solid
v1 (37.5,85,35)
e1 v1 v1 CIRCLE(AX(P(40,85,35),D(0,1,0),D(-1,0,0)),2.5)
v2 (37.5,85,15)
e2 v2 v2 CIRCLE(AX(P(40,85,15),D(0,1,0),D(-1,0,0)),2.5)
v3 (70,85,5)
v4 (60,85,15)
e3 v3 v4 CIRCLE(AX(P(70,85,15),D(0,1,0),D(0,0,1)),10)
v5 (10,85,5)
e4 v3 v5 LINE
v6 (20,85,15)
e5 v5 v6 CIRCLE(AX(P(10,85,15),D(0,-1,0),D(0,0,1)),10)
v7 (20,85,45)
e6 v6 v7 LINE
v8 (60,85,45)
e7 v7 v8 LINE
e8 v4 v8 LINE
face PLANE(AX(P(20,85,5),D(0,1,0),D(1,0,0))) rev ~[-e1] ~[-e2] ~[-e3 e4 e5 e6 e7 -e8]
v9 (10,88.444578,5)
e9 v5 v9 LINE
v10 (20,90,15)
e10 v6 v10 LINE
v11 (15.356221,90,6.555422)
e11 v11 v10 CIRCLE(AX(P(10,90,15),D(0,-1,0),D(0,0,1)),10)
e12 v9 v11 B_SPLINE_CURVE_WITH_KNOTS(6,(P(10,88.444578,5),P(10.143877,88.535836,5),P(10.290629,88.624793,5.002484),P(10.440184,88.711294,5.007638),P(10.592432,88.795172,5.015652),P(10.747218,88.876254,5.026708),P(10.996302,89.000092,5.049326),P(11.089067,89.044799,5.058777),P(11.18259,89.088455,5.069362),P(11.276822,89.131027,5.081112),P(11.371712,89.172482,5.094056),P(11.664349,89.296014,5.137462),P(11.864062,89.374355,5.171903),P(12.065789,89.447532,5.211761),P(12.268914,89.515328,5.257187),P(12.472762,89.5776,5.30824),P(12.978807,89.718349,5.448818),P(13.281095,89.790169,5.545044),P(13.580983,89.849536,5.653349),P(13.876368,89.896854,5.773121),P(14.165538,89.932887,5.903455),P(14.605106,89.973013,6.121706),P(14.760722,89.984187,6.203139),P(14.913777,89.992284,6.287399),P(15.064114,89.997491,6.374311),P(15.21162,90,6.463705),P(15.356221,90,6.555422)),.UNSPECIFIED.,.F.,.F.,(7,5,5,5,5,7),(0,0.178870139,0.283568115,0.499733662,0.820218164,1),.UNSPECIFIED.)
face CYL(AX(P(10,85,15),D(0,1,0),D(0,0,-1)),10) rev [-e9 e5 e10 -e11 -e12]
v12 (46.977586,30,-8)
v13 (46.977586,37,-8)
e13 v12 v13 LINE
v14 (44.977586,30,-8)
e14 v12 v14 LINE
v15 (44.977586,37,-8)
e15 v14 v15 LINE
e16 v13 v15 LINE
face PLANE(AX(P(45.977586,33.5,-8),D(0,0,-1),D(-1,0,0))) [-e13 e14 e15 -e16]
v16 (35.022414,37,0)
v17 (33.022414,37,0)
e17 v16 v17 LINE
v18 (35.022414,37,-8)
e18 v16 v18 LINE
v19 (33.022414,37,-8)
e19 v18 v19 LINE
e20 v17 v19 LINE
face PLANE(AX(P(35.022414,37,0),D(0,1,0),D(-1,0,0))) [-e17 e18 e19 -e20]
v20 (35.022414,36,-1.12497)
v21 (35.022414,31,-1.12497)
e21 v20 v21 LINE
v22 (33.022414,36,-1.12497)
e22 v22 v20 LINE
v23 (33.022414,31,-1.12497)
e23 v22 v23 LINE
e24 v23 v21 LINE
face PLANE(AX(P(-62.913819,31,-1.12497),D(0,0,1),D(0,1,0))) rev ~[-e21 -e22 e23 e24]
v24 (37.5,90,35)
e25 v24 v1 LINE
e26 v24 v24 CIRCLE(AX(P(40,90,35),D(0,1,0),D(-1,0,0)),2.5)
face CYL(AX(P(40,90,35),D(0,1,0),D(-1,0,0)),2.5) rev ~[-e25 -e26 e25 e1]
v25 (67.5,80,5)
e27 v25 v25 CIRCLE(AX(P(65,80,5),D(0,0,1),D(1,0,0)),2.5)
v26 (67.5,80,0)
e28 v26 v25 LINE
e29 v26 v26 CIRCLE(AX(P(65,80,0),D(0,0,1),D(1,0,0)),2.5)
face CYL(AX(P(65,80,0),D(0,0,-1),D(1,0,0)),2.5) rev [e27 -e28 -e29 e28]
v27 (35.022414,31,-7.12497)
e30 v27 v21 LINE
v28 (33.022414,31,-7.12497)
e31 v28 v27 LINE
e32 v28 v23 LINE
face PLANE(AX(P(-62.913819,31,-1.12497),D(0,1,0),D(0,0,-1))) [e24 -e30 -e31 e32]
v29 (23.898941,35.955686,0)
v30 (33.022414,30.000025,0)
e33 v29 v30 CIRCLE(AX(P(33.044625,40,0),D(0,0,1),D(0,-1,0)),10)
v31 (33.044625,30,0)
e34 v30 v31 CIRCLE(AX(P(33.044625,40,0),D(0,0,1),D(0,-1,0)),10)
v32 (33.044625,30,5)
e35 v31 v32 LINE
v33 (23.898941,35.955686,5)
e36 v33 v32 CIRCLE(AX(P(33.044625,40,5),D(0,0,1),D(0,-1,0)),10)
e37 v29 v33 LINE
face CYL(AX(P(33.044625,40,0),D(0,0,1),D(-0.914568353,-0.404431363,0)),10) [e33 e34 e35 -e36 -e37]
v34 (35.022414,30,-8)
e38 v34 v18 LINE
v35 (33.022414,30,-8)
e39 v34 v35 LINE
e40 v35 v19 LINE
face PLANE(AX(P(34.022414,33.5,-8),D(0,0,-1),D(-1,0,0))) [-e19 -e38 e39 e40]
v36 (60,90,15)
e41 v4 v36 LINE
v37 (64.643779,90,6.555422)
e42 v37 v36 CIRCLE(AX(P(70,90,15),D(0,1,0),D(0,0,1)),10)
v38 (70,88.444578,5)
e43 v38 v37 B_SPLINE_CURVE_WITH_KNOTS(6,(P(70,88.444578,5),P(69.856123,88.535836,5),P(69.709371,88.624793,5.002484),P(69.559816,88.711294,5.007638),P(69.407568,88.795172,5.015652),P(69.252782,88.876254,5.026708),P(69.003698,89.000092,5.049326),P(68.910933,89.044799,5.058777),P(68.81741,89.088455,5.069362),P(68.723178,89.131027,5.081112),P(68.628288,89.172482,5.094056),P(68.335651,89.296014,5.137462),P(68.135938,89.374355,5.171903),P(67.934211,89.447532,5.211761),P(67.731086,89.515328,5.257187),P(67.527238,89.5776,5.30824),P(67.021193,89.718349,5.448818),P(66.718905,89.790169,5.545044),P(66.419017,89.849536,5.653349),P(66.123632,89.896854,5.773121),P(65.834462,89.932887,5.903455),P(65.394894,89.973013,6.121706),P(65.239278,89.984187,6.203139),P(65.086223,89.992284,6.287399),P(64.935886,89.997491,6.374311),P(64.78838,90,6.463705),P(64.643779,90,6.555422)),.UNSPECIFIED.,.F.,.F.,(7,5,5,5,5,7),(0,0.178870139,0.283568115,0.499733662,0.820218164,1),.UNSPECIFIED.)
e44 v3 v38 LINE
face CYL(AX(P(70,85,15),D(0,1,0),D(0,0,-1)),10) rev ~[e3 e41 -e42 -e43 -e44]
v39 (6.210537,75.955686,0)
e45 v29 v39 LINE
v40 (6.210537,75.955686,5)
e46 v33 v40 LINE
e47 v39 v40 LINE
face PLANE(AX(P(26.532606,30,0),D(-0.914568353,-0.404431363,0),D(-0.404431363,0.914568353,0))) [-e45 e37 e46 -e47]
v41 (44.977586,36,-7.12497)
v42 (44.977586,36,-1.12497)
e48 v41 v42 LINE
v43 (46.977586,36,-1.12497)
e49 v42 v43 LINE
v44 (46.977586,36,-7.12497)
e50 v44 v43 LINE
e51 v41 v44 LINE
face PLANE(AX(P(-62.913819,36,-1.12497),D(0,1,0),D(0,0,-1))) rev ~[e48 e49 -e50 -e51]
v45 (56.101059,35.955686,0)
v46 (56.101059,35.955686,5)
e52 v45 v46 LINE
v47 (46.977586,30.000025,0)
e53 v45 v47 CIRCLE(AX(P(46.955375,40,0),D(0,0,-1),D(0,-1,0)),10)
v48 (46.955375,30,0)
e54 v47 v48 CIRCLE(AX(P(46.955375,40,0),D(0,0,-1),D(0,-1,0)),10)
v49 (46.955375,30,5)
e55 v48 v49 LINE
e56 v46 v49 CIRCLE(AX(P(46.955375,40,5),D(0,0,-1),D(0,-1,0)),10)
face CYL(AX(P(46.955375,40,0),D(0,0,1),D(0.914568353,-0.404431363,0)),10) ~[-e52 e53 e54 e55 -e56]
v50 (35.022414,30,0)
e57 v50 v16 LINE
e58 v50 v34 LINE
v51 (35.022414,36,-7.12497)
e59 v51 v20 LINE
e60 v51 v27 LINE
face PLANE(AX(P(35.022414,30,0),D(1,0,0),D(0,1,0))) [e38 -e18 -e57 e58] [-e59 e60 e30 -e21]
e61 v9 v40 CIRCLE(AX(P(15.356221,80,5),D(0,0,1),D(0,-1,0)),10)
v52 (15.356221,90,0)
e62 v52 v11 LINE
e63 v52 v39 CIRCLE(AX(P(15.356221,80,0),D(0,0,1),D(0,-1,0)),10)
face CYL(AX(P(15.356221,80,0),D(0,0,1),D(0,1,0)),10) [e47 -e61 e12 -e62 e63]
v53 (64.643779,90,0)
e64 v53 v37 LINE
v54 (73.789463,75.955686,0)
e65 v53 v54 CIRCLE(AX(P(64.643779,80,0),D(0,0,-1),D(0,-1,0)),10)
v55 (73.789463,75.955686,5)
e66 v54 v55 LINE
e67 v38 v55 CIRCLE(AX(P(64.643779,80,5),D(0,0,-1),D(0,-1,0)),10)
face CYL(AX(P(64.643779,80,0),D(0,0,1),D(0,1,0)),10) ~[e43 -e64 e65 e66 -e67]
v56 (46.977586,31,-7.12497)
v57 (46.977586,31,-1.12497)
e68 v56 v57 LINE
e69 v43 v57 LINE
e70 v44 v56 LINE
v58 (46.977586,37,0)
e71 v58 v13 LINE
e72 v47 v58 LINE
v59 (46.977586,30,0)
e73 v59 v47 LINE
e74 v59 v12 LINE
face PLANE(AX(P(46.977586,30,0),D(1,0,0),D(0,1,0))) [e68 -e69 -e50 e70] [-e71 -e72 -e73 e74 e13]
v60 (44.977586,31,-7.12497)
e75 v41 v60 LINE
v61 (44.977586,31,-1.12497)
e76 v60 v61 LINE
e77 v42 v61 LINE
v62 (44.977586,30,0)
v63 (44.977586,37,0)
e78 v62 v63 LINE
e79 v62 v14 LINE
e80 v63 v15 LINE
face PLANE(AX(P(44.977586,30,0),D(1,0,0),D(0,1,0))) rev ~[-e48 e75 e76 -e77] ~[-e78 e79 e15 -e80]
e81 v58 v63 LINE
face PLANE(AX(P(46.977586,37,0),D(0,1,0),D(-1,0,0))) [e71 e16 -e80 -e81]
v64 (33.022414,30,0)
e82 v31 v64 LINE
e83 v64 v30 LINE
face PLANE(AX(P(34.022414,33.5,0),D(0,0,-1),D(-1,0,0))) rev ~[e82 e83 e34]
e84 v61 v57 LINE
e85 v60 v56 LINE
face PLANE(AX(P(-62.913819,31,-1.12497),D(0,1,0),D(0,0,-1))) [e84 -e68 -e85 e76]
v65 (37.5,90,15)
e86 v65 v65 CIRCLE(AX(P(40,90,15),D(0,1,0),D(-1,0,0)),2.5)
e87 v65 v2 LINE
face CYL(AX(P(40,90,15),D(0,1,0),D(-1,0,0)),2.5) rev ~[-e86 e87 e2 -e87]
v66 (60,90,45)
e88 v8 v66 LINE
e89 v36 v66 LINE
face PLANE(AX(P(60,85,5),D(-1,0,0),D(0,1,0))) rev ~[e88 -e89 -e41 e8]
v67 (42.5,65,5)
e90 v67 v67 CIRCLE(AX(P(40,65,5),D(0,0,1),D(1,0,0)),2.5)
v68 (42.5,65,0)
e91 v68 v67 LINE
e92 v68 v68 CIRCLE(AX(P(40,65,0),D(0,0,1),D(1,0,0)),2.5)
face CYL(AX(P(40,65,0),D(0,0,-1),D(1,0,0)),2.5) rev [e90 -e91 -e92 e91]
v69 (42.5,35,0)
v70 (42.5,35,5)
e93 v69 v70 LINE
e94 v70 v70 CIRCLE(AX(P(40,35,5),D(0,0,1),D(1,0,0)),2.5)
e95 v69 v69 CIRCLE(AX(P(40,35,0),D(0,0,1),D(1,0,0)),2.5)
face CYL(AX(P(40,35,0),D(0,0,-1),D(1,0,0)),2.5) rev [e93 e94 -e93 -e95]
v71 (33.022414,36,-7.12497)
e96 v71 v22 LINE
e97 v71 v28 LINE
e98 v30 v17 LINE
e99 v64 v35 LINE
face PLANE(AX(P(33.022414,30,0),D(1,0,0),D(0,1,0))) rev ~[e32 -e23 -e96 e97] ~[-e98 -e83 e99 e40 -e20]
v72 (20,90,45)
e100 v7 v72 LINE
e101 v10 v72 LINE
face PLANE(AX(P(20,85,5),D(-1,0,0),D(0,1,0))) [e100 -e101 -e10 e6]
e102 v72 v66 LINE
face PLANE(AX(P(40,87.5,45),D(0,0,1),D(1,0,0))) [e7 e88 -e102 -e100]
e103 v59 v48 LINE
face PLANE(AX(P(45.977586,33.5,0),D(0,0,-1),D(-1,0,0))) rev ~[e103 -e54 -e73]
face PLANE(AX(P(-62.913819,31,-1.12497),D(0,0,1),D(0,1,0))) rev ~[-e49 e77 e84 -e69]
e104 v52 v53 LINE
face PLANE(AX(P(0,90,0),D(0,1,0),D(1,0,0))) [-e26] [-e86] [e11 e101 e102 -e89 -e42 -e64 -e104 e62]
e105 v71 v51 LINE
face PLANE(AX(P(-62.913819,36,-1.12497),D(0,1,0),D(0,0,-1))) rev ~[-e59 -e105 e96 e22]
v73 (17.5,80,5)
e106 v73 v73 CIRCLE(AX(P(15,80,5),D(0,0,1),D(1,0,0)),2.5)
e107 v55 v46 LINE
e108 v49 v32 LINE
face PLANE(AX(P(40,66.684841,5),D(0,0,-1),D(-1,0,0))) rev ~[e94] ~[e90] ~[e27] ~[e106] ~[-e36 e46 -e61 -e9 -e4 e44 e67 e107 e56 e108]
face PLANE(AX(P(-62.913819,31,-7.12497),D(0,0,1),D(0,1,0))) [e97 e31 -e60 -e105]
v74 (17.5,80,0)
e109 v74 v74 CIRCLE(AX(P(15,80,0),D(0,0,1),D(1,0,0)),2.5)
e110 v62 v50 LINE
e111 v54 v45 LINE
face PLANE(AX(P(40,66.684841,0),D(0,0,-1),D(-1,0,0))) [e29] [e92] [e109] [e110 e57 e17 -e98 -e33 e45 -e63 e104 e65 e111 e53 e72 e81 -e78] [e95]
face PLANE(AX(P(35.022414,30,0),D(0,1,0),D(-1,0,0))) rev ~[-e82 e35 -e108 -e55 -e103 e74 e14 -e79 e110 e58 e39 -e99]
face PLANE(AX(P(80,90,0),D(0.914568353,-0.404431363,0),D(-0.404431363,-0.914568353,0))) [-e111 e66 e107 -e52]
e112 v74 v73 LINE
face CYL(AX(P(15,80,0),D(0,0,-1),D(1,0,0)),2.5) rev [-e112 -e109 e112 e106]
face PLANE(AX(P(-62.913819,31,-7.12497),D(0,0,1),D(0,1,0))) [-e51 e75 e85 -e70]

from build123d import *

# Parameters (mm, degrees)
SKETCH1_R               = 2.5
BOSS_EXTRUDE1_DEPTH     = 5
FILLET1_R               = 10
SKETCH2_W               = 40
SKETCH2_H               = 5
BOSS_EXTRUDE2_DEPTH     = 40
SKETCH3_R               = 2.5
CUT_EXTRUDE1_DEPTH      = 106.814430788
FILLET3_R               = 10
SKETCH4_W               = 2
SKETCH4_H               = 7
BOSS_EXTRUDE3_DEPTH     = 8
CUT_EXTRUDE2_DEPTH      = 109.89140498
CUT_EXTRUDE2_DEPTH_BACK = 109.89140498
SKETCH5_W               = 6
SKETCH5_H               = 5


with BuildPart() as part:
    # Sketch1 → Boss-Extrude1 (new body)
    with BuildSketch(Plane.XY):
        Polygon((0, 90), (80, 90), (53.46739399, 30), (26.53260601, 30), align=None)
        with Locations((15, 80)):
            Circle(SKETCH1_R, mode=Mode.SUBTRACT)
        with Locations((65, 80)):
            Circle(SKETCH1_R, mode=Mode.SUBTRACT)
        with Locations((40, 35)):
            Circle(SKETCH1_R, mode=Mode.SUBTRACT)
        with Locations((40, 65)):
            Circle(SKETCH1_R, mode=Mode.SUBTRACT)
    extrude(amount=BOSS_EXTRUDE1_DEPTH)

    # Fillet1
    fillet1_edges = [part.edges().sort_by_distance(p)[0] for p in [
        (0, 90, 2.5),
        (80, 90, 2.5),
        (53.46739399, 30, 2.5),
        (26.53260601, 30, 2.5),
    ]]
    fillet(fillet1_edges, radius=FILLET1_R)

    # Sketch2 → Boss-Extrude2 (add)
    with BuildSketch(Plane.XY.offset(5)):
        with Locations((40, 87.5)):
            Rectangle(SKETCH2_W, SKETCH2_H)
    extrude(amount=BOSS_EXTRUDE2_DEPTH)

    # Sketch3 → Cut-Extrude1 (cut, through all)
    with BuildSketch(Plane(origin=(0, 90, 0), x_dir=(1, 0, 0), z_dir=(0, 1, 0))):
        with Locations(Location((40, -15, 0), (0, 0, 180))):
            Circle(SKETCH3_R)
        with Locations(Location((40, -35, 0), (0, 0, 180))):
            Circle(SKETCH3_R)
    extrude(amount=-CUT_EXTRUDE1_DEPTH, mode=Mode.SUBTRACT)

    # Fillet3
    fillet3_edges = [part.edges().sort_by_distance(p)[0] for p in [
        (60, 87.5, 5),
        (20, 87.5, 5),
    ]]
    fillet(fillet3_edges, radius=FILLET3_R)

    # Sketch4 → Boss-Extrude3 (add)
    with BuildSketch(Plane(origin=(0, 0, 0), x_dir=(-1, 0, 0), z_dir=(0, 0, -1))):
        with Locations((-34.022413797, 33.5)):
            Rectangle(SKETCH4_W, SKETCH4_H)
        with Locations((-45.977586203, 33.5)):
            Rectangle(SKETCH4_W, SKETCH4_H)
    extrude(amount=BOSS_EXTRUDE3_DEPTH)

    # Sketch5 → Cut-Extrude2 (cut, two sides: drawn at the far end of the back side and taken through both)
    with BuildSketch(Plane(origin=(46.977586203, 0, 0), x_dir=(0, 0, -1), z_dir=(1, 0, 0)).offset(-CUT_EXTRUDE2_DEPTH_BACK)):
        with Locations((4.124970421, 33.5)):
            Rectangle(SKETCH5_W, SKETCH5_H)
    extrude(amount=CUT_EXTRUDE2_DEPTH + CUT_EXTRUDE2_DEPTH_BACK, mode=Mode.SUBTRACT)


solid = part.part
